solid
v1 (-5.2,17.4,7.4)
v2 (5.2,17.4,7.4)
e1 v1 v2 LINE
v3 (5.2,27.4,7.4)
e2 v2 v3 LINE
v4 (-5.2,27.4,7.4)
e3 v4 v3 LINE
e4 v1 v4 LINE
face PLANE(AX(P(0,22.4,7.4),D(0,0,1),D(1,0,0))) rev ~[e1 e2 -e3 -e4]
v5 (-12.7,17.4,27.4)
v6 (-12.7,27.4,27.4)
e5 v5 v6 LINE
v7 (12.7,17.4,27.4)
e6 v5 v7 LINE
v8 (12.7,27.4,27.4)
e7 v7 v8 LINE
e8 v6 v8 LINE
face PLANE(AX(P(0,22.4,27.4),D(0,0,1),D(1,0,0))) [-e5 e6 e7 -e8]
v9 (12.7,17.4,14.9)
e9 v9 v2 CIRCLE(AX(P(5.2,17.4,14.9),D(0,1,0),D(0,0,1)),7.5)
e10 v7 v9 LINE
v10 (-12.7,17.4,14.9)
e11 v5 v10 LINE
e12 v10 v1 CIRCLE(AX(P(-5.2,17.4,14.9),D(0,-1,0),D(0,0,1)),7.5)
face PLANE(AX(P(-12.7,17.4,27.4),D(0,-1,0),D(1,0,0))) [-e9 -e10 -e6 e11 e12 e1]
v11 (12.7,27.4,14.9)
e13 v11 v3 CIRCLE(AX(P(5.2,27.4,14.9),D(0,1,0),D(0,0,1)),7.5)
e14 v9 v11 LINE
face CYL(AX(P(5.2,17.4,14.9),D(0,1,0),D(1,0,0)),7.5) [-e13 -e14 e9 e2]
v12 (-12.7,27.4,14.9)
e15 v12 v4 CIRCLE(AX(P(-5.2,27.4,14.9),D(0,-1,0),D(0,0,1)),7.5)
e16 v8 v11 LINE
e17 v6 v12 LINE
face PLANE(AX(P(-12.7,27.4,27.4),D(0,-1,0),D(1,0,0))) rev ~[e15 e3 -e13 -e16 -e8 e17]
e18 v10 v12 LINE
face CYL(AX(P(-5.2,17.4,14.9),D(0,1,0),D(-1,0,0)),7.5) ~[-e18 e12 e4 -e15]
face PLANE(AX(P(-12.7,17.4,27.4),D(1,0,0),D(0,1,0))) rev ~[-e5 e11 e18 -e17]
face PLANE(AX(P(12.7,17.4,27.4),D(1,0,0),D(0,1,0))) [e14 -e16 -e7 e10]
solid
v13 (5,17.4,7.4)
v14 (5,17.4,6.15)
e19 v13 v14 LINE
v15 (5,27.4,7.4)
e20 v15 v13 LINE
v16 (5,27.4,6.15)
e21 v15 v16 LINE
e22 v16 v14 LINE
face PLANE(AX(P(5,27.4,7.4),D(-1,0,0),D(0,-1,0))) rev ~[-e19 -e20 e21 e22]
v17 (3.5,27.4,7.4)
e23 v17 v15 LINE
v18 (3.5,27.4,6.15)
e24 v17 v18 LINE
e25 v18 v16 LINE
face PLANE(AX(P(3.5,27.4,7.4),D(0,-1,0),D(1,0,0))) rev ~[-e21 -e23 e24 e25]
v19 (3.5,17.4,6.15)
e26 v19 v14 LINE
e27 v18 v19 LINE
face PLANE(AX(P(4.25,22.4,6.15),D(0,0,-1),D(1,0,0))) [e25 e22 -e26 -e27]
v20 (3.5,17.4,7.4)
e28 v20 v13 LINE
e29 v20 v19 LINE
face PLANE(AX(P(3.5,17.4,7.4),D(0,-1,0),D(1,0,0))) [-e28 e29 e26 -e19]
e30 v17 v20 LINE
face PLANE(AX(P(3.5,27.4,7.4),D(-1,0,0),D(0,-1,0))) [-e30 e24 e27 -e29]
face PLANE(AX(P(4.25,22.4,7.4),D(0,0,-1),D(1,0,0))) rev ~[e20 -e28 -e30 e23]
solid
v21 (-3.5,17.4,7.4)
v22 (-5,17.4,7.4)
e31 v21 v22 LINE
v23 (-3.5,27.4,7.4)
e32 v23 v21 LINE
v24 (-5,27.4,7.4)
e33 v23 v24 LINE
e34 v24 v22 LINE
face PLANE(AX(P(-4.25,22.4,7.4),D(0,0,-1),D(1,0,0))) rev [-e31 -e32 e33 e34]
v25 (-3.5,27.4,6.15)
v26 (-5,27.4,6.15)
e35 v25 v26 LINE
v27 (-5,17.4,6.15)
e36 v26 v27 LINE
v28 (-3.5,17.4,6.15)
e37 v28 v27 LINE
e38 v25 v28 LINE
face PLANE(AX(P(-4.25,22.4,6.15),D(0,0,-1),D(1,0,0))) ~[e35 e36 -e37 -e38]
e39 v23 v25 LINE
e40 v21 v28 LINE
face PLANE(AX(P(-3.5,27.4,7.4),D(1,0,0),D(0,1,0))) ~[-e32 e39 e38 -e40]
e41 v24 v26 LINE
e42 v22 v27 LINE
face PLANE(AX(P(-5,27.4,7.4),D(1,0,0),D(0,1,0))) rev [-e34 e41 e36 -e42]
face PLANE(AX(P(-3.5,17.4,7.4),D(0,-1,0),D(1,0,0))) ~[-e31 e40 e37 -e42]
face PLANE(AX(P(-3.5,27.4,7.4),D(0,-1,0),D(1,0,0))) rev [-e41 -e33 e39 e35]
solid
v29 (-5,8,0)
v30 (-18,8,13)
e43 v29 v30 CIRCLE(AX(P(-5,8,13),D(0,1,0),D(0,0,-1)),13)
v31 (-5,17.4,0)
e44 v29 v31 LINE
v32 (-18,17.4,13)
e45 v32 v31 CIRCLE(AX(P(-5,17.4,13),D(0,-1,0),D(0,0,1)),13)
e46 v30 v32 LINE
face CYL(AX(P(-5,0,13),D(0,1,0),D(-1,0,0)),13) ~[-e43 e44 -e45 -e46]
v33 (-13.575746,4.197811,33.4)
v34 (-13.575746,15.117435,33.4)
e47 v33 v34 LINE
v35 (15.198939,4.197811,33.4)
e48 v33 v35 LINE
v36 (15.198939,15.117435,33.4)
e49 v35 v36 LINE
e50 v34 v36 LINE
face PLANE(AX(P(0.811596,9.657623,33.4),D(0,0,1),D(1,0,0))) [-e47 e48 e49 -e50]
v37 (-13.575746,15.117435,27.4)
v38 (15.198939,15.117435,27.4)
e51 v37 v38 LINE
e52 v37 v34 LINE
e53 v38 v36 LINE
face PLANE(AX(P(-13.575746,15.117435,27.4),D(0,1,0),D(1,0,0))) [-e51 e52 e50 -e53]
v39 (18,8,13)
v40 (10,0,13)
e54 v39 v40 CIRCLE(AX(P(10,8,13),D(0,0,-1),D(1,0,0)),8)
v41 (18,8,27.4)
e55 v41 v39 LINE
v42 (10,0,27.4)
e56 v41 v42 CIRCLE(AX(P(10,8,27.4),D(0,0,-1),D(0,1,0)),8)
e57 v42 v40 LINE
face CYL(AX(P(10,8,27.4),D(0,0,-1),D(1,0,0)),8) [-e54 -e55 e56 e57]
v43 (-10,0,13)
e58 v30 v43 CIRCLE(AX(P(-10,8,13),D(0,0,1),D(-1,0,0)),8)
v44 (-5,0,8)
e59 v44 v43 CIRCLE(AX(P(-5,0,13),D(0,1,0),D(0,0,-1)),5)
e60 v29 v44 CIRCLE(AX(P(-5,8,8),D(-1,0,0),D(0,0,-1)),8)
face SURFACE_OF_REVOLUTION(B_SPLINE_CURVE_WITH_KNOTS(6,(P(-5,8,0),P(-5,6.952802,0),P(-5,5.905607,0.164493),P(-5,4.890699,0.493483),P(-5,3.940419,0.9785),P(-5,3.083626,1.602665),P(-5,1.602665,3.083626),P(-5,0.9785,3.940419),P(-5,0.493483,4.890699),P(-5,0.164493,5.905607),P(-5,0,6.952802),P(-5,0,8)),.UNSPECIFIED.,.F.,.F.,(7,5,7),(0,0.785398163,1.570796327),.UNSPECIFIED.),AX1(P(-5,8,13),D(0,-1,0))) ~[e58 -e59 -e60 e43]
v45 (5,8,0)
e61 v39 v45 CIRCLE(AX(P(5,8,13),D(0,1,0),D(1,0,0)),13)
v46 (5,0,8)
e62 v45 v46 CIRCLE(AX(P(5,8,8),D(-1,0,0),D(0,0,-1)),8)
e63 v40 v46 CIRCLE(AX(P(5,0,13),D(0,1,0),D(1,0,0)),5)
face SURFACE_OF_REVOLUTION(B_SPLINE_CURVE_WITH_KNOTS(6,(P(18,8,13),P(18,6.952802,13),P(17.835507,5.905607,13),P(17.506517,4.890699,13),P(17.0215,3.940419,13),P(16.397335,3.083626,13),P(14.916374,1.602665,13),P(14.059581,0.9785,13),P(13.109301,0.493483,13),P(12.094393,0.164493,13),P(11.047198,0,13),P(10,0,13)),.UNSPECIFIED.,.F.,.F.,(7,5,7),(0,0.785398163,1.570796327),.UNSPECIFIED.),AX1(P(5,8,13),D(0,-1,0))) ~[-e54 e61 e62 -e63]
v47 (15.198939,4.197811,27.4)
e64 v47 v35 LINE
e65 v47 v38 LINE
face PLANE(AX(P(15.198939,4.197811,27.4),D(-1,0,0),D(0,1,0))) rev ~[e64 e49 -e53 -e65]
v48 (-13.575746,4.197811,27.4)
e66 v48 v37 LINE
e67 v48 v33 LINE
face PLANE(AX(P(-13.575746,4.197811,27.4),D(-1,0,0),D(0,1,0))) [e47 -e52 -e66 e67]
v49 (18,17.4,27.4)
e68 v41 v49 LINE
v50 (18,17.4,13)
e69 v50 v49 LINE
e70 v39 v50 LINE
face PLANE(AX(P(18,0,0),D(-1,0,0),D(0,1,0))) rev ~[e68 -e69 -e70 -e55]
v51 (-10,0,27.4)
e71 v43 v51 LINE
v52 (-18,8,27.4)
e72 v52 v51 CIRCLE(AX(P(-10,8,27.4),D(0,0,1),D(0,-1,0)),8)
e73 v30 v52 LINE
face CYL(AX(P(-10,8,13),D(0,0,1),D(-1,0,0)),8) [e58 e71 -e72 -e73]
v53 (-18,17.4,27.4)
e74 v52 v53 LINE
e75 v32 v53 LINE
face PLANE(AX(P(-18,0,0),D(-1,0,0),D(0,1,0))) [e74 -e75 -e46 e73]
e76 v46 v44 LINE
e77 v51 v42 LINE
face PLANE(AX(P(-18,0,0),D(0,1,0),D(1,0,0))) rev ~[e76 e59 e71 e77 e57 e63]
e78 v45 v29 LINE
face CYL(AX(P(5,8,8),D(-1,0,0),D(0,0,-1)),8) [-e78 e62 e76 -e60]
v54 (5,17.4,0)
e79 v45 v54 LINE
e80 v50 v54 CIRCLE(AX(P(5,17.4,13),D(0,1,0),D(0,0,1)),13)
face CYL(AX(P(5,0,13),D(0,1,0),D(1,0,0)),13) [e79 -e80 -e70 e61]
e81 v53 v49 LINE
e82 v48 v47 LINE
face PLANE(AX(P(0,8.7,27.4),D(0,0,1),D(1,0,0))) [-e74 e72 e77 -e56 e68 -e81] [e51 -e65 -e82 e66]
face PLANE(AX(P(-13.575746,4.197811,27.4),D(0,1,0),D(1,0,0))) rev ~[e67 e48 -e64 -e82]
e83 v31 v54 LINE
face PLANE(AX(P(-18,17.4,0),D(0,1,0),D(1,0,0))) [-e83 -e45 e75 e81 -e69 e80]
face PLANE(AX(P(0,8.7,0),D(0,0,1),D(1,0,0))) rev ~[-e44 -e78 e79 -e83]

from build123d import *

# Parameters (mm, degrees)
F0_W      = 36
F0_H      = 17.4
F1_DEPTH  = 27.4
F2_W      = 25.4
F2_H      = 10
F3_DEPTH  = 20
F4_R      = 7.5
F5_R      = 13
F6_W      = 28.7746842951
F6_H      = 10.9196235426
F7_DEPTH  = 6
F8_R      = 8
F9_W      = 1.5
F9_H      = 10
F10_DEPTH = 1.25


with BuildPart() as f1:
    # F0 (on Top) → F1 (new body)
    with BuildSketch(Plane.XY):
        with Locations((0, 8.7)):
            Rectangle(F0_W, F0_H)
    extrude(amount=F1_DEPTH)

    # F5
    f5_edges = [f1.edges().sort_by_distance(p)[0] for p in [
        (18, 8.7, 0),
        (-18, 8.7, 0),
    ]]
    fillet(f5_edges, radius=F5_R)

    # F6 (on face) → F7 (join)
    with BuildSketch(Plane.XY.offset(27.4)):
        with Locations((0.811596401, 9.6576230135)):
            Rectangle(F6_W, F6_H)
    extrude(amount=F7_DEPTH)

    # F8
    f8_edges = [f1.edges().sort_by_distance(p)[0] for p in [
        (-18, 0, 20.2),
        (-14.192388, 0, 3.807612),
    ]]
    fillet(f8_edges, radius=F8_R)


with BuildPart() as f3:
    # F2 (on face) → F3 (new body)
    with BuildSketch(Plane.XY.offset(27.4)):
        with Locations((0, 22.4)):
            Rectangle(F2_W, F2_H)
    extrude(amount=-F3_DEPTH)

    # F4
    f4_edges = [f3.edges().sort_by_distance(p)[0] for p in [
        (-12.7, 22.4, 7.4),
        (12.7, 22.4, 7.4),
    ]]
    fillet(f4_edges, radius=F4_R)


with BuildPart() as f10:
    # F9 (on face) → F10 (new body)
    with BuildSketch(Plane(origin=(0, 0, 7.4), x_dir=(1, 0, 0), z_dir=(0, 0, -1))):
        with Locations((4.25, -22.4)):
            Rectangle(F9_W, F9_H)
    extrude(amount=F10_DEPTH)


with BuildPart() as f11_1:
    # F11: instance of F10
    add(f10.part.mirror(Plane.YZ))


solid = Compound([f1.part, f3.part, f10.part, f11_1.part])
